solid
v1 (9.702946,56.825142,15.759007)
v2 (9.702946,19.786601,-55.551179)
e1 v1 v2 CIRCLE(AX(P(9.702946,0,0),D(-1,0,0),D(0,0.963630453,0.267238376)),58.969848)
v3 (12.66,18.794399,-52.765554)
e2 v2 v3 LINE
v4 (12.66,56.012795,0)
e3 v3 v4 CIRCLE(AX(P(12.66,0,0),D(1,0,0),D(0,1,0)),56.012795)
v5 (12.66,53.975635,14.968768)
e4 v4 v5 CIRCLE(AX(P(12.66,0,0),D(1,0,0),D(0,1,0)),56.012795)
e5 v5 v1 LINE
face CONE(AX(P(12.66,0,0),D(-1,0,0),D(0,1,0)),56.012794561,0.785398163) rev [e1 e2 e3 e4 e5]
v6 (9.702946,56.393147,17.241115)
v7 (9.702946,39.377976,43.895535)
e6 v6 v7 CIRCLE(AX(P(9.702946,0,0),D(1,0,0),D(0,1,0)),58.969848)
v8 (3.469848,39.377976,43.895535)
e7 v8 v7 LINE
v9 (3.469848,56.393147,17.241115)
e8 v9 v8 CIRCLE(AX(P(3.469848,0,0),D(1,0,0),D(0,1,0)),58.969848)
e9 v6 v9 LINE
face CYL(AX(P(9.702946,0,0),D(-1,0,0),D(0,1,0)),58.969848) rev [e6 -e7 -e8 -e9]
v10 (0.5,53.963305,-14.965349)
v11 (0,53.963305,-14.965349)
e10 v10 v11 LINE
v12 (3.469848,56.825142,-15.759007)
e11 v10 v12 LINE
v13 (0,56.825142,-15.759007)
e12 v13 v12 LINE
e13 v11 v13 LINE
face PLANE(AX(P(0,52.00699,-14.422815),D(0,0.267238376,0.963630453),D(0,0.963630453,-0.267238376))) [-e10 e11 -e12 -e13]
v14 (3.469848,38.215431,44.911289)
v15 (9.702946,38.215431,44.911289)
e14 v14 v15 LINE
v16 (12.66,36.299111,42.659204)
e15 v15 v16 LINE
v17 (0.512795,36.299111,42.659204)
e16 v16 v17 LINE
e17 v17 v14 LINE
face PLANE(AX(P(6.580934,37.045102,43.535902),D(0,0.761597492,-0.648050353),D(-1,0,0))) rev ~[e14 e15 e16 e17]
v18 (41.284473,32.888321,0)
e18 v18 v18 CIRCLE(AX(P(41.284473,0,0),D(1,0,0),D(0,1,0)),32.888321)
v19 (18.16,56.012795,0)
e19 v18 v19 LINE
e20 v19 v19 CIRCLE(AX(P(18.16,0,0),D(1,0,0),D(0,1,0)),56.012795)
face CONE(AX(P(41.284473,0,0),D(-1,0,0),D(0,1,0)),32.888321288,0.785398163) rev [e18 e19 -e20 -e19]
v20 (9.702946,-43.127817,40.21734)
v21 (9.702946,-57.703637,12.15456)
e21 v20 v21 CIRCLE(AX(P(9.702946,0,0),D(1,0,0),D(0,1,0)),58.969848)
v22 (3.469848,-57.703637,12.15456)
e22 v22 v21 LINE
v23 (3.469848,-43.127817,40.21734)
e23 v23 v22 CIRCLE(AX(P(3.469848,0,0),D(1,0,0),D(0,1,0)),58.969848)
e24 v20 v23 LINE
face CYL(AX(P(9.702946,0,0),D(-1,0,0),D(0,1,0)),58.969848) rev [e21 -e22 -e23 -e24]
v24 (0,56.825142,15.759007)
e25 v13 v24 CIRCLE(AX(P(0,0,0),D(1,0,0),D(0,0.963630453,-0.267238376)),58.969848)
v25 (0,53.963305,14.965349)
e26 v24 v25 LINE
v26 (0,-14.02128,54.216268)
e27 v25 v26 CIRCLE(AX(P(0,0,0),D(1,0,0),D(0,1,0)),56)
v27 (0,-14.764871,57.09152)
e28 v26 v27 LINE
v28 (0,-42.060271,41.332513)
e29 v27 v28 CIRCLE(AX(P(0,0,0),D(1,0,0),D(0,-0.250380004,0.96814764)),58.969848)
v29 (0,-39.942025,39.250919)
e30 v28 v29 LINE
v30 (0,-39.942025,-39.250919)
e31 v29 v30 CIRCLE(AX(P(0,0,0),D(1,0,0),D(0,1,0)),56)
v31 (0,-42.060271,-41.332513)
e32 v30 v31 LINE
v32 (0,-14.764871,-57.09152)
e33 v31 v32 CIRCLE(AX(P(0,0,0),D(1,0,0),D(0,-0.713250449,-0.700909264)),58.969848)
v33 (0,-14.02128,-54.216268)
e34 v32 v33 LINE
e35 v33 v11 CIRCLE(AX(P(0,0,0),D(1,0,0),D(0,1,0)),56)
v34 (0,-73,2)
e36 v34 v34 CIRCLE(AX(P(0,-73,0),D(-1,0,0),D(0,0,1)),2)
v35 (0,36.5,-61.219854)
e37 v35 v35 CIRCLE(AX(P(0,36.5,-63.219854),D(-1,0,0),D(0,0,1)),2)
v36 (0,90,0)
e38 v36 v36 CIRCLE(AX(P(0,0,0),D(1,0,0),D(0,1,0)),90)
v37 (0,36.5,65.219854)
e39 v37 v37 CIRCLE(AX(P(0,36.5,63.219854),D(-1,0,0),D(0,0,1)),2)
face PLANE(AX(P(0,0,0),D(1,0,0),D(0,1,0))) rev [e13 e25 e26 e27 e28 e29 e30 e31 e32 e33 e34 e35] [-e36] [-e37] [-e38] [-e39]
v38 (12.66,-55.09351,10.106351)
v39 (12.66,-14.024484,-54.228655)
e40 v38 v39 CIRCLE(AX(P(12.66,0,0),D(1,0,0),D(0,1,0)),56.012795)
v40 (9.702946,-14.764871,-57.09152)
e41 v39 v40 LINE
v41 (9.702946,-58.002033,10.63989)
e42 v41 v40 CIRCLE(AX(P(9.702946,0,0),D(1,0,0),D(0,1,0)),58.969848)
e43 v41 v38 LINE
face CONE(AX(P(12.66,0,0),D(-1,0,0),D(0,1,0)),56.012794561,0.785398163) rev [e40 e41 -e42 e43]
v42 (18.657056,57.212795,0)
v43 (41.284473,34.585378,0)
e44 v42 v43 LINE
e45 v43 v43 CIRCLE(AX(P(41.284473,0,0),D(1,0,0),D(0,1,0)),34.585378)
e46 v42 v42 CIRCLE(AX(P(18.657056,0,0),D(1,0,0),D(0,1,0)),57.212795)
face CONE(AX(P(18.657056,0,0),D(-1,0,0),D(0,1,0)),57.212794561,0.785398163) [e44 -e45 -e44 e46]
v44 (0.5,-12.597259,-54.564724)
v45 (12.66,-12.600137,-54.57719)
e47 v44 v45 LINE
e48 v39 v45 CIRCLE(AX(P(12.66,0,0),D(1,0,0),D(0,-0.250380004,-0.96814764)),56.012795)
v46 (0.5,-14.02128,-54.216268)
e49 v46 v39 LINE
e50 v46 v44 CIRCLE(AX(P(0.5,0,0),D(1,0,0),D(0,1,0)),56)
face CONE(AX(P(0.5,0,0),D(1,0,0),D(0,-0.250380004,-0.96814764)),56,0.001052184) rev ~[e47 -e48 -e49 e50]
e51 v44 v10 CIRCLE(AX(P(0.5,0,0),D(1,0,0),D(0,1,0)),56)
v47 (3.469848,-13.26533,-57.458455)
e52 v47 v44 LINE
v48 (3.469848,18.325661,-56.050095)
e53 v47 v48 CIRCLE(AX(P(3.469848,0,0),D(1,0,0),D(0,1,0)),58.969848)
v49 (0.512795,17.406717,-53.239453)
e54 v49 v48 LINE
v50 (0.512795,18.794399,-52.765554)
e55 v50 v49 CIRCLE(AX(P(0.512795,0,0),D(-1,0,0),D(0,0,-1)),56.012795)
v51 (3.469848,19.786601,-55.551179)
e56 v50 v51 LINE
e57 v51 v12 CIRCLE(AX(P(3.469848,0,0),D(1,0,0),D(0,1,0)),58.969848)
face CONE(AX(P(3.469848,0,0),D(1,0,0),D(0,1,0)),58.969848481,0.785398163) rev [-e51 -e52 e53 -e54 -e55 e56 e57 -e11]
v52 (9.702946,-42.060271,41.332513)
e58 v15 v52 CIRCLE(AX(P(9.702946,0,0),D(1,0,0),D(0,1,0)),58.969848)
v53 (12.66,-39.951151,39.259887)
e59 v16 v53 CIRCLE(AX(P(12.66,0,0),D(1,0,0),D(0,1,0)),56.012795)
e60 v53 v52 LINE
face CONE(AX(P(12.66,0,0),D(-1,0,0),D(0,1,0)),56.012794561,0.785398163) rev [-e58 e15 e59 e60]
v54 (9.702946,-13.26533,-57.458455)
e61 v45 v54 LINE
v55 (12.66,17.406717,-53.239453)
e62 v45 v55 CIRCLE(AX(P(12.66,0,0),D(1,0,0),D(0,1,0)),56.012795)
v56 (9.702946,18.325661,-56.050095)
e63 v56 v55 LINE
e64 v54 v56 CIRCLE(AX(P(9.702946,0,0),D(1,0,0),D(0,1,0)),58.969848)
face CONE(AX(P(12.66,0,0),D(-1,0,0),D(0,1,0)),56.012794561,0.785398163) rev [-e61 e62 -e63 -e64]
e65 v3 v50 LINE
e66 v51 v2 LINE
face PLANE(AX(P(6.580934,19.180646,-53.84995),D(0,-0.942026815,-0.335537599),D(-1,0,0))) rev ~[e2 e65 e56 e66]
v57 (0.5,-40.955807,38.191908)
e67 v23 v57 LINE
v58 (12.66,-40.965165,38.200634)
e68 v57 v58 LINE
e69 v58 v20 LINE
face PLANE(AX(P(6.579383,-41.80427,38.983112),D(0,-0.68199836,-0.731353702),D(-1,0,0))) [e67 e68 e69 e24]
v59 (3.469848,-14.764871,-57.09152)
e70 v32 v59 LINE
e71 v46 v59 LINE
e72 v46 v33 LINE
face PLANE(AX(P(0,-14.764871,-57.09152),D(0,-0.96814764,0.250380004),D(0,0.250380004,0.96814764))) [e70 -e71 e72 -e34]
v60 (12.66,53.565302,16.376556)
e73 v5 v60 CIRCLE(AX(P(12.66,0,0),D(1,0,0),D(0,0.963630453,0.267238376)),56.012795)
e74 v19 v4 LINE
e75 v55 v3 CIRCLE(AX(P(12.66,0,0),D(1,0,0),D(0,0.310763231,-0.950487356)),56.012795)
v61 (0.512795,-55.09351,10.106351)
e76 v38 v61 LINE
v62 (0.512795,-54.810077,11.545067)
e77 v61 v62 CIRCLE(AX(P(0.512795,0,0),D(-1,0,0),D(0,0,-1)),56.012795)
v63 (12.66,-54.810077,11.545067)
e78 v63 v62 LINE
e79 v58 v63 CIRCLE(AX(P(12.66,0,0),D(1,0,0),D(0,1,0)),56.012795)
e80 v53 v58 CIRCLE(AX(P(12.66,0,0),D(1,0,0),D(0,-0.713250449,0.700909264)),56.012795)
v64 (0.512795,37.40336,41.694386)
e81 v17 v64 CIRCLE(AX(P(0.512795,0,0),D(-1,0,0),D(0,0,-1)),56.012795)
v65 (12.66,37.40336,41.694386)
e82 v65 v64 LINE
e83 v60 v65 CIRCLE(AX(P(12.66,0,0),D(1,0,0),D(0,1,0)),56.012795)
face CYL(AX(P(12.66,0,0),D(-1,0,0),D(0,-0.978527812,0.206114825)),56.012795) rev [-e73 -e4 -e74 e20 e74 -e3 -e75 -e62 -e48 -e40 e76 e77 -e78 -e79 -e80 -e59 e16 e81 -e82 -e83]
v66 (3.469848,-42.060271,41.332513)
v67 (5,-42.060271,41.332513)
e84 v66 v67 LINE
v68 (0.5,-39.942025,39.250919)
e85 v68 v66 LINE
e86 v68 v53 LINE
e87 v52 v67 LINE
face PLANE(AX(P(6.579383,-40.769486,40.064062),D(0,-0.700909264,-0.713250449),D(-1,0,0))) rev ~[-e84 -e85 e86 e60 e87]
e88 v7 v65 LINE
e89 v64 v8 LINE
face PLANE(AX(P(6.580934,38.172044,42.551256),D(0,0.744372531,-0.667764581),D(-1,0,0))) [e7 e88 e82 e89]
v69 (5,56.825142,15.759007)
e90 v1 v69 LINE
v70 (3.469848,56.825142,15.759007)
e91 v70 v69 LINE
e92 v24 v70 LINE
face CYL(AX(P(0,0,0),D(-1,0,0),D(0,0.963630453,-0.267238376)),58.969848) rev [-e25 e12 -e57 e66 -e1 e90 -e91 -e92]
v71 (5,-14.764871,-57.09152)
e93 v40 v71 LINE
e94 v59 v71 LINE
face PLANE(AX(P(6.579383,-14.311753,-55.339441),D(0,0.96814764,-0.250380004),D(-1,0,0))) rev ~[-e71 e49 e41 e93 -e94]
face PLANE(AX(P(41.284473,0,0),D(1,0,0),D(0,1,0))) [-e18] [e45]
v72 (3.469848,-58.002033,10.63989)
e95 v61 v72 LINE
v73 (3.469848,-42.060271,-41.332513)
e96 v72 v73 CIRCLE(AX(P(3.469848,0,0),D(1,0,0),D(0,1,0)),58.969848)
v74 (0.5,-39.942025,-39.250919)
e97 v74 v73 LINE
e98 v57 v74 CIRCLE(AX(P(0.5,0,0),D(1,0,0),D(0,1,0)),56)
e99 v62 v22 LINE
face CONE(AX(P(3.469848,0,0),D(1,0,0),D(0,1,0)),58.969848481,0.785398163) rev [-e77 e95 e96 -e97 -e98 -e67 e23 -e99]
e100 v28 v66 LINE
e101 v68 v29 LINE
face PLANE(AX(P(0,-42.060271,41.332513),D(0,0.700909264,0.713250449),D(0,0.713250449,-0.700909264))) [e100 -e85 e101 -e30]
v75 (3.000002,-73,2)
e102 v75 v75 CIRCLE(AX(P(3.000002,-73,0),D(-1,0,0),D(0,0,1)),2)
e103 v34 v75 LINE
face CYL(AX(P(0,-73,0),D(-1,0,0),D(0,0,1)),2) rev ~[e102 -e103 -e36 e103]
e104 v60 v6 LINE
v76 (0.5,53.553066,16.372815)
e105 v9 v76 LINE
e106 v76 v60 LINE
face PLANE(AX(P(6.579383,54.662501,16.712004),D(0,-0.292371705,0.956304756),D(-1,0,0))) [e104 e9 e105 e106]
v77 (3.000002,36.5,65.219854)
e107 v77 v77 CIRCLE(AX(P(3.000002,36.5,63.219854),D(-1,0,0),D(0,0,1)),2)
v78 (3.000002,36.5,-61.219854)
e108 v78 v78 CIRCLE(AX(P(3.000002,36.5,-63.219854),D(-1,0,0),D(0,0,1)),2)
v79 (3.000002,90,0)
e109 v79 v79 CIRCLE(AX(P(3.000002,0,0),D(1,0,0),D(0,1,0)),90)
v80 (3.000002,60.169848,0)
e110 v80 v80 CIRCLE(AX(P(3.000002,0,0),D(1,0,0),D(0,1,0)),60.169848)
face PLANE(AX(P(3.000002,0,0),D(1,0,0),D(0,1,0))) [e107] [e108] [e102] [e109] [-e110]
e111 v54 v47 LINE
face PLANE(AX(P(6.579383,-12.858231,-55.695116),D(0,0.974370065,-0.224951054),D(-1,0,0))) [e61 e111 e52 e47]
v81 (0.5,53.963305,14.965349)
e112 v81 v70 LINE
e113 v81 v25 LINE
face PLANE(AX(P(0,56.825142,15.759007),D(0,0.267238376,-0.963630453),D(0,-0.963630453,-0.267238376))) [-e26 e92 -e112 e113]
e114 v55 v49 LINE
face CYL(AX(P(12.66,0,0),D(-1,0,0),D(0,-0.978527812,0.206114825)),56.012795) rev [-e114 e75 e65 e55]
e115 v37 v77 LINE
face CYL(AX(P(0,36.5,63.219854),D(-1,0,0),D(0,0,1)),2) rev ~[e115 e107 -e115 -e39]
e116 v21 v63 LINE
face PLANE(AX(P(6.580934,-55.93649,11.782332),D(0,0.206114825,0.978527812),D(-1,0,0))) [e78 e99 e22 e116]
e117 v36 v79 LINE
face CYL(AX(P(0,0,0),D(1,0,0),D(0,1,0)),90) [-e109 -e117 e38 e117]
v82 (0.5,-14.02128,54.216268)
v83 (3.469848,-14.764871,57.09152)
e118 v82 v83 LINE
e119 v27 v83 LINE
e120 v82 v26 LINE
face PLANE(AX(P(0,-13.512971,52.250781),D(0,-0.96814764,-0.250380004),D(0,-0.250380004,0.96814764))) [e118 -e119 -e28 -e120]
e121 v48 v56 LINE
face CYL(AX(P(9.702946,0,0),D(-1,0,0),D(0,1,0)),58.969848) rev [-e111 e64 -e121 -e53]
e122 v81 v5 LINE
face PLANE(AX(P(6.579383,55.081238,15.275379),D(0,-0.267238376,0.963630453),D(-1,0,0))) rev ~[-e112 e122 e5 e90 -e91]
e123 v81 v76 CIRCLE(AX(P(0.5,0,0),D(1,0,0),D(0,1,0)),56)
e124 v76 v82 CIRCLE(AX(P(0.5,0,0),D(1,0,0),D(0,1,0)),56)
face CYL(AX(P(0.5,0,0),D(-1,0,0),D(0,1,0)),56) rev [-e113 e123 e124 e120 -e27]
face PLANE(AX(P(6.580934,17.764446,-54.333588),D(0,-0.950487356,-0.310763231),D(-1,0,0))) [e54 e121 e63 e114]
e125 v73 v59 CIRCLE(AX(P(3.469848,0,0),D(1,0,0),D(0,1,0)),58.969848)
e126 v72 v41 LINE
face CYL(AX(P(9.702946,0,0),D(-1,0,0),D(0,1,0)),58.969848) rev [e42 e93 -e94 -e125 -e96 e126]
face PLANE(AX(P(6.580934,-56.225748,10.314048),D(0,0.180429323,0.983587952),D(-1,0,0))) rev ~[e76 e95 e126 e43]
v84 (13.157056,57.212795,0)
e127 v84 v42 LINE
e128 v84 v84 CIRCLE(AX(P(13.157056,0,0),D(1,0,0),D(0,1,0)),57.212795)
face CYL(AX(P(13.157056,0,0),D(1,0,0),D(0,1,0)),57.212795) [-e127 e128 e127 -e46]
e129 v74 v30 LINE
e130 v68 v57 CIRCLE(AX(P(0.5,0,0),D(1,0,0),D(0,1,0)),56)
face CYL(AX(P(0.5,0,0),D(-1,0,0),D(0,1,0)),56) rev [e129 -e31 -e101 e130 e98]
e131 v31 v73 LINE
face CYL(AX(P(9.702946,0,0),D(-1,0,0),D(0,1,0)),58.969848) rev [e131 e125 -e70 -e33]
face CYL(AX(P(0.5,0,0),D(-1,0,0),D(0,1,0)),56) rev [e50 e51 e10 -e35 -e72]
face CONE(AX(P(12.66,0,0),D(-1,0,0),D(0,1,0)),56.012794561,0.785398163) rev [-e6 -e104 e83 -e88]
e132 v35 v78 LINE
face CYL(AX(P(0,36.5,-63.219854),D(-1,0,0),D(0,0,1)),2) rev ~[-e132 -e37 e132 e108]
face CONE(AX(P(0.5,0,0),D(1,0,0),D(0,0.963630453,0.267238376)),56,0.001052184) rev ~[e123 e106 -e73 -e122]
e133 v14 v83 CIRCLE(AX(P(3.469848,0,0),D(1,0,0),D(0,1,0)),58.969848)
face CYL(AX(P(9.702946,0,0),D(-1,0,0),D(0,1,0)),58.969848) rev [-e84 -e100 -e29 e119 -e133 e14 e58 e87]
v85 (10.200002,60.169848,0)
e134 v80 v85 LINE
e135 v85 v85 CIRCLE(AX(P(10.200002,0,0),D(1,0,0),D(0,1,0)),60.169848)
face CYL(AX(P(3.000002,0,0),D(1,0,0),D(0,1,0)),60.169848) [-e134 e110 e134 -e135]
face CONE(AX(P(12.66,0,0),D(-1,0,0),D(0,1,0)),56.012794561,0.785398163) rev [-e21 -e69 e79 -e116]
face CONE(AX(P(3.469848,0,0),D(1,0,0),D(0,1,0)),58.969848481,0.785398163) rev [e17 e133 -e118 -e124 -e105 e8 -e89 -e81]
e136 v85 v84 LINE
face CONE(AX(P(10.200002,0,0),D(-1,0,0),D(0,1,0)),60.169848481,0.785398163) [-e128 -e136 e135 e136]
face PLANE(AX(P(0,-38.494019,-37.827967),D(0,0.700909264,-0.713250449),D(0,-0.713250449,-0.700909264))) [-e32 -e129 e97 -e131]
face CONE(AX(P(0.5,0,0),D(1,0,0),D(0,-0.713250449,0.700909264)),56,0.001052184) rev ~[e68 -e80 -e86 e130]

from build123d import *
from build123d.topology import SkipClean

# Parameters (mm, degrees)
CROQUIS2_R            = 2
CORTAR_EXTRUIR1_DEPTH = 5
REVOLUCI_N2_ANGLE     = 1.5
REVOLUCI_N3_ANGLE     = 1.5
MATRIZC1_COUNT        = 3


with BuildPart() as part:
    # Croquis1 → Revolución1 (revolve)
    with BuildSketch(Plane.XY):
        Polygon((0, 56), (0, 90), (3.000002354, 90), (3.000002354, 60.169848481), (10.200002354, 60.169848481), (13.157056275, 57.212794561), (18.657056275, 57.212794561), (41.284473273, 34.585377563), (41.284473273, 32.888321288), (18.16, 56.012794561), (12.66, 56.012794561), (9.70294608, 58.969848481), (3.469848481, 58.969848481), (0.5, 56), align=None)
    revolve(axis=Axis((-46.033893017, 0, 0), (1, 0, 0)))

    # Croquis2 → Cortar-Extruir1 (cut)
    with SkipClean():  # the faces are left unmerged after this step: merging them gives an invalid solid
        with BuildSketch(Plane.ZY):
            with Locations((63.219854476, 36.5)):
                Circle(CROQUIS2_R)
            with Locations((0, -73)):
                Circle(CROQUIS2_R)
            with Locations((-63.219854476, 36.5)):
                Circle(CROQUIS2_R)
            with BuildLine():
                Line((-14.422814665, 52.006989551), (-15.759006546, 56.825141817))
                ThreePointArc((-15.759006546, 56.825141817), (0, 58.969848481), (15.759006546, 56.825141817))
                Line((15.759006546, 56.825141817), (14.422814665, 52.006989551))
                ThreePointArc((14.422814665, 52.006989551), (0, 53.969848481), (-14.422814665, 52.006989551))
            make_face()
            with BuildLine():
                Line((52.250781458, -13.512970881), (57.09151966, -14.764870902))
                ThreePointArc((57.09151966, -14.764870902), (51.069386842, -29.48492424), (41.332513115, -42.060270916))
                Line((41.332513115, -42.060270916), (37.827966793, -38.49401867))
                ThreePointArc((37.827966793, -38.49401867), (46.739259823, -26.98492424), (52.250781458, -13.512970881))
            make_face()
            with BuildLine():
                Line((-37.827966793, -38.49401867), (-41.332513115, -42.060270916))
                ThreePointArc((-41.332513115, -42.060270916), (-51.069386842, -29.48492424), (-57.09151966, -14.764870902))
                Line((-57.09151966, -14.764870902), (-52.250781458, -13.512970881))
                ThreePointArc((-52.250781458, -13.512970881), (-46.739259823, -26.98492424), (-37.827966793, -38.49401867))
            make_face()
        extrude(amount=-CORTAR_EXTRUIR1_DEPTH, mode=Mode.SUBTRACT)

    # Croquis3 → Revolución2 (revolve)
    with SkipClean():  # the faces are left unmerged after this step: merging them gives an invalid solid
        with BuildSketch(Plane(origin=(0, 0, 0), x_dir=(1, 0, 0), z_dir=(0, -0.9681476403781081, 0.2503800040544404))):
            Polygon((0.5, -56), (12.66, -56.012794561), (9.70294608, -58.969848481), (3.469848481, -58.969848481), align=None)
        revoluci_n2 = revolve(axis=Axis((9.70294608, 0, 0), (1, 0, 0)), revolution_arc=REVOLUCI_N2_ANGLE)

    # Croquis5 → Revolución3 (revolve)
    with SkipClean():  # the faces are left unmerged after this step: merging them gives an invalid solid
        with BuildSketch(Plane(origin=(0, 0, 0), x_dir=(-1, 0, 0), z_dir=(0, -0.9504873560590977, -0.31076323137042167))):
            Polygon((-0.5, 56.012794561), (-3.469848481, 58.969848481), (-9.70294608, 58.969848481), (-12.66, 56.012794561), align=None)
        revoluci_n3 = revolve(axis=Axis((9.70294608, 0, 0), (1, 0, 0)), revolution_arc=REVOLUCI_N3_ANGLE)

    # MatrizC1: Revolución2, Revolución3 ×3 about axis
    matrizc1_axis = Axis((9.70294608, 0, 0), (-1, 0, 0))
    add([revoluci_n2.rotate(matrizc1_axis, i * 360 / MATRIZC1_COUNT) for i in range(1, MATRIZC1_COUNT)])
    add([revoluci_n3.rotate(matrizc1_axis, i * 360 / MATRIZC1_COUNT) for i in range(1, MATRIZC1_COUNT)])


solid = part.part
